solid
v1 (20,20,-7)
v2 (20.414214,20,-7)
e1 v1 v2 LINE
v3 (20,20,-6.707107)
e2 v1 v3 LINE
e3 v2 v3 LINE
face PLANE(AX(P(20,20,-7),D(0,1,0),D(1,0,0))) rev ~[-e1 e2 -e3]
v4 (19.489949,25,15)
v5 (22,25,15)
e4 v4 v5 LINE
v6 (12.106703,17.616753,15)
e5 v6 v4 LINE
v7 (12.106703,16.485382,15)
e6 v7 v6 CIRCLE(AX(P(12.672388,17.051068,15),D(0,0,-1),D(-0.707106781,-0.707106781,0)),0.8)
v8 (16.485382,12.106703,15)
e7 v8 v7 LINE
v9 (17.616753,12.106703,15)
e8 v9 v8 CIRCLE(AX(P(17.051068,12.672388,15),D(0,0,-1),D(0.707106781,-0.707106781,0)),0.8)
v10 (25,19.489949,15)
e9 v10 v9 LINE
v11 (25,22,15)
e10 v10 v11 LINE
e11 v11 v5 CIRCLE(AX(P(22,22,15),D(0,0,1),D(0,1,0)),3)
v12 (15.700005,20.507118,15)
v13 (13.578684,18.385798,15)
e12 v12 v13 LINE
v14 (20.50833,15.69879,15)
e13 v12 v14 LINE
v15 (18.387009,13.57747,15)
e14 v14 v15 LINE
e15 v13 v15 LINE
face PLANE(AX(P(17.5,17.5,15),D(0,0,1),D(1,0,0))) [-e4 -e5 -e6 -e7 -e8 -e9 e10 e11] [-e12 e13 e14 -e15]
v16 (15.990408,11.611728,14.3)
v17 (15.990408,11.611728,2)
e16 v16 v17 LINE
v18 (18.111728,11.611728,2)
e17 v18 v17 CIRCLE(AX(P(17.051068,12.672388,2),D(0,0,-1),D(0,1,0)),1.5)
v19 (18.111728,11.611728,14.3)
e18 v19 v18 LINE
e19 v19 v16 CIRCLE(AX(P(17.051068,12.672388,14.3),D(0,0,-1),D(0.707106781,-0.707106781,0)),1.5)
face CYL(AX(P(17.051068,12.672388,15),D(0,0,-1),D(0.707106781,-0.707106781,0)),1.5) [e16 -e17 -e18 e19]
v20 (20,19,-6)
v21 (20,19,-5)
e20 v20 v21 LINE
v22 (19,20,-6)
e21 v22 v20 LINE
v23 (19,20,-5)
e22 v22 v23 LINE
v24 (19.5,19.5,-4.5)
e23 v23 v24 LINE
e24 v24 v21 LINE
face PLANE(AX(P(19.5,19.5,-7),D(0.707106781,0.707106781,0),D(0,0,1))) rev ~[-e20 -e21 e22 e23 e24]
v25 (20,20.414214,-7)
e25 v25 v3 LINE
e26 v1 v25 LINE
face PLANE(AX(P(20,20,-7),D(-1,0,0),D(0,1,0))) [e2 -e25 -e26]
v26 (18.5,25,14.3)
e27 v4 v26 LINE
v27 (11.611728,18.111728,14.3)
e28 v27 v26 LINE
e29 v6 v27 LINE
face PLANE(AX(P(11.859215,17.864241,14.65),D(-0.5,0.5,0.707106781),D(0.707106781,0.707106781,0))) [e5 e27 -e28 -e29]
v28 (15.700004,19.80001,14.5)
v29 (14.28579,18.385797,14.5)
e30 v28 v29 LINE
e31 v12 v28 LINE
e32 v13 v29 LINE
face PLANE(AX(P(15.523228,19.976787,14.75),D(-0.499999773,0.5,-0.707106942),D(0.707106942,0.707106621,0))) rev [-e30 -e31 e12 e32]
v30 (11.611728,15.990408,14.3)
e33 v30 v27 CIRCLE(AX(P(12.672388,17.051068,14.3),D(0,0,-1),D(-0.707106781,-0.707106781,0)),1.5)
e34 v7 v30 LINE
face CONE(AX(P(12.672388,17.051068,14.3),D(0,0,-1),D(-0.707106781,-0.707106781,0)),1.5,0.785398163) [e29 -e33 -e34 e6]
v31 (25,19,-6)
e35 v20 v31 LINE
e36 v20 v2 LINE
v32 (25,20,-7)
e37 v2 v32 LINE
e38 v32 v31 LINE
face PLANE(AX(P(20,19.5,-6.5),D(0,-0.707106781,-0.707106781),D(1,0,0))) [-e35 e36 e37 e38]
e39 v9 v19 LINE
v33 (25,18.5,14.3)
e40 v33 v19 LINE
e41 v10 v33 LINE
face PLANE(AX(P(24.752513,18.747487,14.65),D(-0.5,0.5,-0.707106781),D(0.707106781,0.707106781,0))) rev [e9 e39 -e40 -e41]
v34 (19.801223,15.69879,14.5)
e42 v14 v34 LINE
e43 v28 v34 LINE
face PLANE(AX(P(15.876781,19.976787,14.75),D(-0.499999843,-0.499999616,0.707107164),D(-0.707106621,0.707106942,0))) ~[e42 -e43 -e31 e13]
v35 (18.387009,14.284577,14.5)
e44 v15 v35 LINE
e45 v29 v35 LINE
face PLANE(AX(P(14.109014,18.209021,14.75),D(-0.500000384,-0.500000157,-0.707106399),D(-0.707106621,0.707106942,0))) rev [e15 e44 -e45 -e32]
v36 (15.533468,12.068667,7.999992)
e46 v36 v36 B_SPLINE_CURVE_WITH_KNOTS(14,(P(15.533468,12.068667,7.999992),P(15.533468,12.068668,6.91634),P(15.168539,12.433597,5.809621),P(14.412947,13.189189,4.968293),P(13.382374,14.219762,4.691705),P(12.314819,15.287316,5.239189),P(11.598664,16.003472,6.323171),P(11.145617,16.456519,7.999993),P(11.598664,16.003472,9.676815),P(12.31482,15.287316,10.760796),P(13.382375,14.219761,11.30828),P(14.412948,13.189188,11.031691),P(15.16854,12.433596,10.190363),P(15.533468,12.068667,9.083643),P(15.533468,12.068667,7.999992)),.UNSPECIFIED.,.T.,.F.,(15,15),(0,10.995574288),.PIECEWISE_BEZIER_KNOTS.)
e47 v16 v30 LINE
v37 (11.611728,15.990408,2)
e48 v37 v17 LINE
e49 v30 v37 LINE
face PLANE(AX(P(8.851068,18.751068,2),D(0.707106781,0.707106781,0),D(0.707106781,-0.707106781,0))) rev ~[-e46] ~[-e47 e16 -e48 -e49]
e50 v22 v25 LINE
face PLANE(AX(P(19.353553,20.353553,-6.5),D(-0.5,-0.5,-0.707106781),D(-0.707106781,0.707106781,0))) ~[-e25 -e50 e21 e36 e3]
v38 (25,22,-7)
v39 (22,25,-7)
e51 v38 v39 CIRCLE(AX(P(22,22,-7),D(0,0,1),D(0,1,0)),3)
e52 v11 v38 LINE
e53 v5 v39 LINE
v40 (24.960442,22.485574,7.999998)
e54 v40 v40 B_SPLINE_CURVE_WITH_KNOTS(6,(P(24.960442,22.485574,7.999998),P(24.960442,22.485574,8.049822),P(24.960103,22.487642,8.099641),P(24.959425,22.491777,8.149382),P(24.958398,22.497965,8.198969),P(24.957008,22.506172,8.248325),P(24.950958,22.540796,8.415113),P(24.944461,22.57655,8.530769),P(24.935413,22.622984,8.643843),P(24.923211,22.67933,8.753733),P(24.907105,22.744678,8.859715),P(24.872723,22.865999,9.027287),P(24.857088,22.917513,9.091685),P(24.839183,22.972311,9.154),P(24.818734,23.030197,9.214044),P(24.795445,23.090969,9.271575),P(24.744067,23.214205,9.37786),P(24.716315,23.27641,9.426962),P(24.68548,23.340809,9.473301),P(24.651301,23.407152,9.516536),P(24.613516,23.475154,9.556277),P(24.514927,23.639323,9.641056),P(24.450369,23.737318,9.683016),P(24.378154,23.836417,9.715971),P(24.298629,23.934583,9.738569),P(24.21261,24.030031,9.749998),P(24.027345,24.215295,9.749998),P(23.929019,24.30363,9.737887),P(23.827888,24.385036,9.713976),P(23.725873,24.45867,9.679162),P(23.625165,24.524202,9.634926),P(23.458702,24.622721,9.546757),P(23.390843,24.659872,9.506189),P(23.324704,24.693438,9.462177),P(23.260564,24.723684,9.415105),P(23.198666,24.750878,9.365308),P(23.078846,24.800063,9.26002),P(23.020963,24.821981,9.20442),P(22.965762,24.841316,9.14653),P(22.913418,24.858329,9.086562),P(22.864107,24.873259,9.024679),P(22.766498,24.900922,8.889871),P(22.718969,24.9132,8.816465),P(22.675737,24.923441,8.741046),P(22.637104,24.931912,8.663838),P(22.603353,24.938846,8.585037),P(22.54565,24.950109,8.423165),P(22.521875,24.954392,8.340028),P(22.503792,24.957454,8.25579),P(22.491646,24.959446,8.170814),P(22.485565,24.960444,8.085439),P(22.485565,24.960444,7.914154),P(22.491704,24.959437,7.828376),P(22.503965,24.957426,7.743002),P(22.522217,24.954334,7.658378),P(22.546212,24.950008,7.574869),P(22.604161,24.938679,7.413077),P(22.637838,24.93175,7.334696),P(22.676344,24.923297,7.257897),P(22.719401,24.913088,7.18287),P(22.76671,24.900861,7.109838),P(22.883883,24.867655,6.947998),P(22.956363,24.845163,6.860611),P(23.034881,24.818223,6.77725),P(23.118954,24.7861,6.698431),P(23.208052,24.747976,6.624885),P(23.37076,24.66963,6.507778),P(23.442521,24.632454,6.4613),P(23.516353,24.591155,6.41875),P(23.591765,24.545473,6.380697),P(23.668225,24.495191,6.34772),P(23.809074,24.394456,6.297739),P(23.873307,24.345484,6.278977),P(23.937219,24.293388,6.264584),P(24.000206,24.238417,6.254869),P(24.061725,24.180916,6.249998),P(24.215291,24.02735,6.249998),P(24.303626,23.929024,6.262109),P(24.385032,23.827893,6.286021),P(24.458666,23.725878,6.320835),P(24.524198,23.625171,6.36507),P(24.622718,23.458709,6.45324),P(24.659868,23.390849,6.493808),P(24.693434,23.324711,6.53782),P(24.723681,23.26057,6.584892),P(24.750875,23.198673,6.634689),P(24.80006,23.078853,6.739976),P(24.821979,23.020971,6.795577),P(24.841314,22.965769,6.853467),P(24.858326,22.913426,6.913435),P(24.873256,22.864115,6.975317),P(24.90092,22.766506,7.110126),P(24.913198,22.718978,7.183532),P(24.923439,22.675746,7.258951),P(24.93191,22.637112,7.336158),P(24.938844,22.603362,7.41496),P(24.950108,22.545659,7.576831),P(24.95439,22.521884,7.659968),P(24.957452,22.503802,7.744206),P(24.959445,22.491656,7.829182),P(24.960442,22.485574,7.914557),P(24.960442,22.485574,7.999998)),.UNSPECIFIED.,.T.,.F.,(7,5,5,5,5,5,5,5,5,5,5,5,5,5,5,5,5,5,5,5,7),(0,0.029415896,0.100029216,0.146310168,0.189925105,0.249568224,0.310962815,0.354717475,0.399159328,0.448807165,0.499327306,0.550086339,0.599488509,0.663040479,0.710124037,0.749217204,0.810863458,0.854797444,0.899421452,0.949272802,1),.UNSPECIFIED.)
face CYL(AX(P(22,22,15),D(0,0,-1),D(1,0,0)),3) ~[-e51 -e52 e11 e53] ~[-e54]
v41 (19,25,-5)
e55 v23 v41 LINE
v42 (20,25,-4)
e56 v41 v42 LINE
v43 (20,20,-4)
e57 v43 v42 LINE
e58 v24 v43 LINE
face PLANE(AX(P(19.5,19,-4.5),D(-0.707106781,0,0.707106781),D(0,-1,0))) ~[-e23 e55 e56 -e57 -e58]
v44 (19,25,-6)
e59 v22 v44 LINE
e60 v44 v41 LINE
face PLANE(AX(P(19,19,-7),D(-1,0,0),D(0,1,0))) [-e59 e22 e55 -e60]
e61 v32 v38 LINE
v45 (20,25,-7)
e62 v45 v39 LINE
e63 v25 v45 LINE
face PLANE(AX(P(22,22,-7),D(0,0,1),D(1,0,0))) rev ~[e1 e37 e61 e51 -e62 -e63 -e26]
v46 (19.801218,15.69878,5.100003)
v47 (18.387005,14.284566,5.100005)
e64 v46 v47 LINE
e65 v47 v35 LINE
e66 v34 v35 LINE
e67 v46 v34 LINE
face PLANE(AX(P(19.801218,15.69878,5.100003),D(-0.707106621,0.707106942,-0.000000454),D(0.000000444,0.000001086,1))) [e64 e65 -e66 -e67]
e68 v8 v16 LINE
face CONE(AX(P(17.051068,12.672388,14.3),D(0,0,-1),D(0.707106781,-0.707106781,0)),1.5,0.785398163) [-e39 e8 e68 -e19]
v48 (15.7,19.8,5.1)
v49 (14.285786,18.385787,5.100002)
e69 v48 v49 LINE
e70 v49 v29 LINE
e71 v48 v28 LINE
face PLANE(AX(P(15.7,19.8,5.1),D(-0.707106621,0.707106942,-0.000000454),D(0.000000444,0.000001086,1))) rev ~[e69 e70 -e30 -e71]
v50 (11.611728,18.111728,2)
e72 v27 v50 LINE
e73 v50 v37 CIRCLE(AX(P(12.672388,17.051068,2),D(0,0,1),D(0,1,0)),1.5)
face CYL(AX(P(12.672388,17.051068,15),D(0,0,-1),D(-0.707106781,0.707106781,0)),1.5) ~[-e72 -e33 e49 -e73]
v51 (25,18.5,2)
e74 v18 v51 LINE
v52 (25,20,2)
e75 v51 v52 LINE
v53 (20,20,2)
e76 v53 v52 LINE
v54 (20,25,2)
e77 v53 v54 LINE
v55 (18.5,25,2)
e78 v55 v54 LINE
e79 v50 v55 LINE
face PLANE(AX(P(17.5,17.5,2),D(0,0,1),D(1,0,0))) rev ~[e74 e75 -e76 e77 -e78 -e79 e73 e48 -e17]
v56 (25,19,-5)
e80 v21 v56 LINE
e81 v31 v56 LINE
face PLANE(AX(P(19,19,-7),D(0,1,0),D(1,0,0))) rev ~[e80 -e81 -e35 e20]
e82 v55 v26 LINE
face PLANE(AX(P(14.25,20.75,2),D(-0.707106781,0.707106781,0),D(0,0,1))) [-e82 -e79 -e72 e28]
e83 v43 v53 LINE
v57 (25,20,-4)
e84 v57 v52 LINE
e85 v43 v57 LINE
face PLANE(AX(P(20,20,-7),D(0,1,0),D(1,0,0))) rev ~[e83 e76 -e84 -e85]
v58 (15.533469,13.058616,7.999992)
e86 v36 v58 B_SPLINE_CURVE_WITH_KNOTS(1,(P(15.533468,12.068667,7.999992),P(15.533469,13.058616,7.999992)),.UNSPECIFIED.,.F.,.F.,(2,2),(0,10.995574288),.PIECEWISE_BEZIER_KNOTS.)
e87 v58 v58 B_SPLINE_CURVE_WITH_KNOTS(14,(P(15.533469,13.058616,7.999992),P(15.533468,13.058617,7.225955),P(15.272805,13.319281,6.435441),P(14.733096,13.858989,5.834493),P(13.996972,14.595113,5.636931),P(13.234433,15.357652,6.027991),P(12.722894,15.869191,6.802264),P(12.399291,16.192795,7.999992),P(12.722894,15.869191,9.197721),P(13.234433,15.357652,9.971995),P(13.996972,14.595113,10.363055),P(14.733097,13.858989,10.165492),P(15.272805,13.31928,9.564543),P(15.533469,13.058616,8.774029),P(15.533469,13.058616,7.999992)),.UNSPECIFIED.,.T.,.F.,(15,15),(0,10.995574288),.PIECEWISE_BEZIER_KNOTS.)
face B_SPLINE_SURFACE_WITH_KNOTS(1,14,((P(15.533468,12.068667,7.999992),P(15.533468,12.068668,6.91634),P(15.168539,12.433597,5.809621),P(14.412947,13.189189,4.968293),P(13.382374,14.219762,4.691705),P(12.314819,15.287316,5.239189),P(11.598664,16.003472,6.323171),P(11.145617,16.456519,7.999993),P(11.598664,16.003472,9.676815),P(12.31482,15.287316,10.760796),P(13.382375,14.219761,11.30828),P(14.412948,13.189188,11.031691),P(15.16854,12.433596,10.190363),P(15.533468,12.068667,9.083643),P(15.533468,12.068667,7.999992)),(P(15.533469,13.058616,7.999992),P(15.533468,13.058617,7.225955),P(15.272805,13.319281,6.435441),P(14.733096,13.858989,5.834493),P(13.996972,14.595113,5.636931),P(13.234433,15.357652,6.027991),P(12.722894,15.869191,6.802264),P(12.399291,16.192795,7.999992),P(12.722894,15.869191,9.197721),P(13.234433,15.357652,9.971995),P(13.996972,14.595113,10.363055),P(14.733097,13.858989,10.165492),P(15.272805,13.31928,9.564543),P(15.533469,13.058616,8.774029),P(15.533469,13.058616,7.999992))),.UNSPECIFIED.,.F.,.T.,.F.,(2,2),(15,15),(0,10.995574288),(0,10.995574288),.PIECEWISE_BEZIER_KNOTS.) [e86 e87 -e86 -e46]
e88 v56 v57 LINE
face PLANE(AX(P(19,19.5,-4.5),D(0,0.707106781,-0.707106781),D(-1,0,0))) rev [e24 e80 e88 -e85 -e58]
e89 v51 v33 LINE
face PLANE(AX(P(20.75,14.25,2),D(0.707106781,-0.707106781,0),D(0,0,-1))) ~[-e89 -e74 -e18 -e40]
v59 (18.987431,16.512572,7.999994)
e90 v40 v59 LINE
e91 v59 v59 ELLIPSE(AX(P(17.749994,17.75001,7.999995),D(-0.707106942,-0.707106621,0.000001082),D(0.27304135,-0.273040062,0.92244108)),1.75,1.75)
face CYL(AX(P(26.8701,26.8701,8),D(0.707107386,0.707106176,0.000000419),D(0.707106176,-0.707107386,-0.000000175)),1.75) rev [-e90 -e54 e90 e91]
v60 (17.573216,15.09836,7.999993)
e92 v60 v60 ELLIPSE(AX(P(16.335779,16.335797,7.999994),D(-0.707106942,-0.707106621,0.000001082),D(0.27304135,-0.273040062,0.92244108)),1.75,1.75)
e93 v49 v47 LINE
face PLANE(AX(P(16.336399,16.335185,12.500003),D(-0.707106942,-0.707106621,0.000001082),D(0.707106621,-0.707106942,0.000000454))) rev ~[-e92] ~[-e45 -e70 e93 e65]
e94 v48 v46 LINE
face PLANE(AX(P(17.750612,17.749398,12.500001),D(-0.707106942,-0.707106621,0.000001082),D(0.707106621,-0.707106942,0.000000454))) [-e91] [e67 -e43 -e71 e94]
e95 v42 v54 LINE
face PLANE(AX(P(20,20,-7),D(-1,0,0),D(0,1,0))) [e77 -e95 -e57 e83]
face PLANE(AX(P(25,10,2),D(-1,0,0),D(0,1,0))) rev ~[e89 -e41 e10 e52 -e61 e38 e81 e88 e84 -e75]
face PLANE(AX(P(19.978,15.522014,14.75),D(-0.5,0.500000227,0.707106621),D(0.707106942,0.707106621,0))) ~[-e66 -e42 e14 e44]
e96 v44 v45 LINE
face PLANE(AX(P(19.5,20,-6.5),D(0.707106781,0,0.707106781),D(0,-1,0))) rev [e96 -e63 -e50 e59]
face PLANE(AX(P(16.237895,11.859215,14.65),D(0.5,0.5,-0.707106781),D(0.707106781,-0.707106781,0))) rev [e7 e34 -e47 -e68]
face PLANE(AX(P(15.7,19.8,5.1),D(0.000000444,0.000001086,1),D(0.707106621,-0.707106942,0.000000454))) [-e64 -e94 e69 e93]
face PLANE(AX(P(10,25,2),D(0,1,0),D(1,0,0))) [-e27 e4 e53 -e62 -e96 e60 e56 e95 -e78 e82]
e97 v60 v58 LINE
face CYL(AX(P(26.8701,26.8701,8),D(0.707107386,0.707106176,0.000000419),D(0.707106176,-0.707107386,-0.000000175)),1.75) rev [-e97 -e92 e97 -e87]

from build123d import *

# Parameters (mm, degrees)
BOX406004_W                 = 5.8
BOX406004_H                 = 14.8
BOX406004_DEPTH             = 2
BOX406004_ROLL_ANGLE        = 89.999938
BOX406004_PITCH_ANGLE       = -2.6e-05
BOX406004_PLACEMENT_ANGLE   = -45.000013
CYLINDER066_R               = 1.75
CYLINDER066_DEPTH           = 33
CYLINDER066_ROLL_ANGLE      = 90.000024
CYLINDER066_PITCH_ANGLE     = 1e-05
CYLINDER066_PLACEMENT_ANGLE = -45.000049
BOX404_W                    = 5
BOX404_H                    = 5
BOX404_DEPTH                = 14
BOX406007_W                 = 14
BOX406007_H                 = 10
BOX406007_DEPTH             = 14
BOX406007_PLACEMENT_ANGLE   = 45
BOX405_W                    = 15
BOX405_H                    = 15
BOX405_DEPTH                = 13
CHAMFER_SIZE                = 8.5
FILLET_R                    = 1.5
BOX406008009_W              = 6
BOX406008009_H              = 6
BOX406008009_DEPTH          = 3
CHAMFER029_SIZE             = 1
CHAMFER030_SIZE             = 1
CHAMFER033_SIZE             = 1
FILLET006_R                 = 3
CHAMFER034_SIZE             = 0.7
CHAMFER042_SIZE             = 0.5


with BuildPart() as box406004:
    # Box406004 → Box406004 (new body)
    with BuildSketch(Plane.XY):
        with Locations((2.9, 7.4)):
            Rectangle(BOX406004_W, BOX406004_H)
    extrude(amount=BOX406004_DEPTH)


with BuildPart() as box406004_1:
    # Box406004 roll: moved
    add(box406004.part.rotate(Axis((0, 0, 0), (1, 0, 0)), BOX406004_ROLL_ANGLE))


with BuildPart() as box406004_2:
    # Box406004 pitch: moved
    add(box406004_1.part.rotate(Axis((0, 0, 0), (0, 1, 0)), BOX406004_PITCH_ANGLE))


with BuildPart() as box406004_3:
    # Box406004 placement: moved
    add(box406004_2.part.moved(Location((15.7, 19.8, 5.1))).rotate(Axis((15.7, 19.8, 5.1), (0, 0, 1)), BOX406004_PLACEMENT_ANGLE))


with BuildPart() as finger_cavity:
    # Cylinder066 → Cylinder066 (new body)
    with BuildSketch(Plane.XY):
        Circle(CYLINDER066_R)
    extrude(amount=CYLINDER066_DEPTH)


with BuildPart() as finger_cavity_1:
    # Cylinder066 roll: moved
    add(finger_cavity.part.rotate(Axis((0, 0, 0), (1, 0, 0)), CYLINDER066_ROLL_ANGLE))


with BuildPart() as finger_cavity_2:
    # Cylinder066 pitch: moved
    add(finger_cavity_1.part.rotate(Axis((0, 0, 0), (0, 1, 0)), CYLINDER066_PITCH_ANGLE))


with BuildPart() as finger_cavity_3:
    # Cylinder066 placement: moved
    add(finger_cavity_2.part.moved(Location((26.8701, 26.8701, 8))).rotate(Axis((26.8701, 26.8701, 8), (0, 0, 1)), CYLINDER066_PLACEMENT_ANGLE))

    # Fusion103077010: union Box406004
    add(box406004_3.part)


with BuildPart() as cube334:
    # Box404 → Box404 (new body)
    with BuildSketch(Plane(origin=(20, 20, -7), x_dir=(1, 0, 0), z_dir=(0, 0, 1))):
        with Locations((2.5, 2.5)):
            Rectangle(BOX404_W, BOX404_H)
    extrude(amount=BOX404_DEPTH)


with BuildPart() as cube338:
    # Box406007 → Box406007 (new body)
    with BuildSketch(Plane.XY):
        with Locations((7, 5)):
            Rectangle(BOX406007_W, BOX406007_H)
    extrude(amount=BOX406007_DEPTH)


with BuildPart() as cube338_1:
    # Box406007 placement: moved
    add(cube338.part.moved(Location((1.78, 11.68, 2))).rotate(Axis((1.78, 11.68, 2), (0, 0, -1)), BOX406007_PLACEMENT_ANGLE))


with BuildPart() as fillet_body:
    # Box405 → Box405 (new body)
    with BuildSketch(Plane(origin=(10, 10, 2), x_dir=(1, 0, 0), z_dir=(0, 0, 1))):
        with Locations((7.5, 7.5)):
            Rectangle(BOX405_W, BOX405_H)
    extrude(amount=BOX405_DEPTH)

    # Chamfer
    chamfer_edges = [fillet_body.edges().sort_by_distance(p)[0] for p in [
        (10, 25, 8.5),
        (25, 10, 8.5),
    ]]
    chamfer(chamfer_edges, length=CHAMFER_SIZE)

    # Cut173011017: cut Cube338
    add(cube338_1.part, mode=Mode.SUBTRACT)

    # Fillet
    fillet_edges = [fillet_body.edges().sort_by_distance(p)[0] for p in [
        (10.551068, 17.051068, 8.5),
        (17.051068, 10.551068, 8.5),
    ]]
    fillet(fillet_edges, radius=FILLET_R)


with BuildPart() as finger:
    # Box406008009 → Box406008009 (new body)
    with BuildSketch(Plane(origin=(19, 19, -7), x_dir=(1, 0, 0), z_dir=(0, 0, 1))):
        with Locations((3, 3)):
            Rectangle(BOX406008009_W, BOX406008009_H)
    extrude(amount=BOX406008009_DEPTH)

    # Chamfer029
    chamfer029_edges = [finger.edges().sort_by_distance(p)[0] for p in [
        (19, 22, -4),
        (22, 19, -4),
    ]]
    chamfer(chamfer029_edges, length=CHAMFER029_SIZE)

    # Chamfer030
    chamfer030_edges = [finger.edges().sort_by_distance(p)[0] for p in [
        (19, 19, -6),
    ]]
    chamfer(chamfer030_edges, length=CHAMFER030_SIZE)

    # Chamfer033
    chamfer033_edges = [finger.edges().sort_by_distance(p)[0] for p in [
        (19, 22.5, -7),
        (19.5, 19.5, -7),
        (22.5, 19, -7),
    ]]
    chamfer(chamfer033_edges, length=CHAMFER033_SIZE)

    # Fusion103077013004017007: union Cube334, Fillet body
    add(cube334.part)
    add(fillet_body.part)

    # Fillet006
    fillet006_edges = [finger.edges().sort_by_distance(p)[0] for p in [
        (25, 25, -5.5),
        (25, 25, -1),
        (25, 25, 4.5),
        (25, 25, 11),
    ]]
    fillet(fillet006_edges, radius=FILLET006_R)

    # Cut173011018: cut finger-cavity
    add(finger_cavity_3.part, mode=Mode.SUBTRACT)

    # Chamfer034
    chamfer034_edges = [finger.edges().sort_by_distance(p)[0] for p in [
        (17.051068, 11.172388, 15),
        (11.611728, 15.990408, 8.5),
        (13.801068, 13.801068, 15),
        (12.56362, 15.038516, 7.999993),
    ]]
    chamfer(chamfer034_edges, length=CHAMFER034_SIZE)

    # Chamfer042
    chamfer042_edges = [finger.edges().sort_by_distance(p)[0] for p in [
        (16.3364, 16.335187, 15),
        (19.094116, 14.991684, 15),
        (17.750614, 17.749401, 15),
        (14.992898, 19.092904, 15),
    ]]
    chamfer(chamfer042_edges, length=CHAMFER042_SIZE)


solid = finger.part
